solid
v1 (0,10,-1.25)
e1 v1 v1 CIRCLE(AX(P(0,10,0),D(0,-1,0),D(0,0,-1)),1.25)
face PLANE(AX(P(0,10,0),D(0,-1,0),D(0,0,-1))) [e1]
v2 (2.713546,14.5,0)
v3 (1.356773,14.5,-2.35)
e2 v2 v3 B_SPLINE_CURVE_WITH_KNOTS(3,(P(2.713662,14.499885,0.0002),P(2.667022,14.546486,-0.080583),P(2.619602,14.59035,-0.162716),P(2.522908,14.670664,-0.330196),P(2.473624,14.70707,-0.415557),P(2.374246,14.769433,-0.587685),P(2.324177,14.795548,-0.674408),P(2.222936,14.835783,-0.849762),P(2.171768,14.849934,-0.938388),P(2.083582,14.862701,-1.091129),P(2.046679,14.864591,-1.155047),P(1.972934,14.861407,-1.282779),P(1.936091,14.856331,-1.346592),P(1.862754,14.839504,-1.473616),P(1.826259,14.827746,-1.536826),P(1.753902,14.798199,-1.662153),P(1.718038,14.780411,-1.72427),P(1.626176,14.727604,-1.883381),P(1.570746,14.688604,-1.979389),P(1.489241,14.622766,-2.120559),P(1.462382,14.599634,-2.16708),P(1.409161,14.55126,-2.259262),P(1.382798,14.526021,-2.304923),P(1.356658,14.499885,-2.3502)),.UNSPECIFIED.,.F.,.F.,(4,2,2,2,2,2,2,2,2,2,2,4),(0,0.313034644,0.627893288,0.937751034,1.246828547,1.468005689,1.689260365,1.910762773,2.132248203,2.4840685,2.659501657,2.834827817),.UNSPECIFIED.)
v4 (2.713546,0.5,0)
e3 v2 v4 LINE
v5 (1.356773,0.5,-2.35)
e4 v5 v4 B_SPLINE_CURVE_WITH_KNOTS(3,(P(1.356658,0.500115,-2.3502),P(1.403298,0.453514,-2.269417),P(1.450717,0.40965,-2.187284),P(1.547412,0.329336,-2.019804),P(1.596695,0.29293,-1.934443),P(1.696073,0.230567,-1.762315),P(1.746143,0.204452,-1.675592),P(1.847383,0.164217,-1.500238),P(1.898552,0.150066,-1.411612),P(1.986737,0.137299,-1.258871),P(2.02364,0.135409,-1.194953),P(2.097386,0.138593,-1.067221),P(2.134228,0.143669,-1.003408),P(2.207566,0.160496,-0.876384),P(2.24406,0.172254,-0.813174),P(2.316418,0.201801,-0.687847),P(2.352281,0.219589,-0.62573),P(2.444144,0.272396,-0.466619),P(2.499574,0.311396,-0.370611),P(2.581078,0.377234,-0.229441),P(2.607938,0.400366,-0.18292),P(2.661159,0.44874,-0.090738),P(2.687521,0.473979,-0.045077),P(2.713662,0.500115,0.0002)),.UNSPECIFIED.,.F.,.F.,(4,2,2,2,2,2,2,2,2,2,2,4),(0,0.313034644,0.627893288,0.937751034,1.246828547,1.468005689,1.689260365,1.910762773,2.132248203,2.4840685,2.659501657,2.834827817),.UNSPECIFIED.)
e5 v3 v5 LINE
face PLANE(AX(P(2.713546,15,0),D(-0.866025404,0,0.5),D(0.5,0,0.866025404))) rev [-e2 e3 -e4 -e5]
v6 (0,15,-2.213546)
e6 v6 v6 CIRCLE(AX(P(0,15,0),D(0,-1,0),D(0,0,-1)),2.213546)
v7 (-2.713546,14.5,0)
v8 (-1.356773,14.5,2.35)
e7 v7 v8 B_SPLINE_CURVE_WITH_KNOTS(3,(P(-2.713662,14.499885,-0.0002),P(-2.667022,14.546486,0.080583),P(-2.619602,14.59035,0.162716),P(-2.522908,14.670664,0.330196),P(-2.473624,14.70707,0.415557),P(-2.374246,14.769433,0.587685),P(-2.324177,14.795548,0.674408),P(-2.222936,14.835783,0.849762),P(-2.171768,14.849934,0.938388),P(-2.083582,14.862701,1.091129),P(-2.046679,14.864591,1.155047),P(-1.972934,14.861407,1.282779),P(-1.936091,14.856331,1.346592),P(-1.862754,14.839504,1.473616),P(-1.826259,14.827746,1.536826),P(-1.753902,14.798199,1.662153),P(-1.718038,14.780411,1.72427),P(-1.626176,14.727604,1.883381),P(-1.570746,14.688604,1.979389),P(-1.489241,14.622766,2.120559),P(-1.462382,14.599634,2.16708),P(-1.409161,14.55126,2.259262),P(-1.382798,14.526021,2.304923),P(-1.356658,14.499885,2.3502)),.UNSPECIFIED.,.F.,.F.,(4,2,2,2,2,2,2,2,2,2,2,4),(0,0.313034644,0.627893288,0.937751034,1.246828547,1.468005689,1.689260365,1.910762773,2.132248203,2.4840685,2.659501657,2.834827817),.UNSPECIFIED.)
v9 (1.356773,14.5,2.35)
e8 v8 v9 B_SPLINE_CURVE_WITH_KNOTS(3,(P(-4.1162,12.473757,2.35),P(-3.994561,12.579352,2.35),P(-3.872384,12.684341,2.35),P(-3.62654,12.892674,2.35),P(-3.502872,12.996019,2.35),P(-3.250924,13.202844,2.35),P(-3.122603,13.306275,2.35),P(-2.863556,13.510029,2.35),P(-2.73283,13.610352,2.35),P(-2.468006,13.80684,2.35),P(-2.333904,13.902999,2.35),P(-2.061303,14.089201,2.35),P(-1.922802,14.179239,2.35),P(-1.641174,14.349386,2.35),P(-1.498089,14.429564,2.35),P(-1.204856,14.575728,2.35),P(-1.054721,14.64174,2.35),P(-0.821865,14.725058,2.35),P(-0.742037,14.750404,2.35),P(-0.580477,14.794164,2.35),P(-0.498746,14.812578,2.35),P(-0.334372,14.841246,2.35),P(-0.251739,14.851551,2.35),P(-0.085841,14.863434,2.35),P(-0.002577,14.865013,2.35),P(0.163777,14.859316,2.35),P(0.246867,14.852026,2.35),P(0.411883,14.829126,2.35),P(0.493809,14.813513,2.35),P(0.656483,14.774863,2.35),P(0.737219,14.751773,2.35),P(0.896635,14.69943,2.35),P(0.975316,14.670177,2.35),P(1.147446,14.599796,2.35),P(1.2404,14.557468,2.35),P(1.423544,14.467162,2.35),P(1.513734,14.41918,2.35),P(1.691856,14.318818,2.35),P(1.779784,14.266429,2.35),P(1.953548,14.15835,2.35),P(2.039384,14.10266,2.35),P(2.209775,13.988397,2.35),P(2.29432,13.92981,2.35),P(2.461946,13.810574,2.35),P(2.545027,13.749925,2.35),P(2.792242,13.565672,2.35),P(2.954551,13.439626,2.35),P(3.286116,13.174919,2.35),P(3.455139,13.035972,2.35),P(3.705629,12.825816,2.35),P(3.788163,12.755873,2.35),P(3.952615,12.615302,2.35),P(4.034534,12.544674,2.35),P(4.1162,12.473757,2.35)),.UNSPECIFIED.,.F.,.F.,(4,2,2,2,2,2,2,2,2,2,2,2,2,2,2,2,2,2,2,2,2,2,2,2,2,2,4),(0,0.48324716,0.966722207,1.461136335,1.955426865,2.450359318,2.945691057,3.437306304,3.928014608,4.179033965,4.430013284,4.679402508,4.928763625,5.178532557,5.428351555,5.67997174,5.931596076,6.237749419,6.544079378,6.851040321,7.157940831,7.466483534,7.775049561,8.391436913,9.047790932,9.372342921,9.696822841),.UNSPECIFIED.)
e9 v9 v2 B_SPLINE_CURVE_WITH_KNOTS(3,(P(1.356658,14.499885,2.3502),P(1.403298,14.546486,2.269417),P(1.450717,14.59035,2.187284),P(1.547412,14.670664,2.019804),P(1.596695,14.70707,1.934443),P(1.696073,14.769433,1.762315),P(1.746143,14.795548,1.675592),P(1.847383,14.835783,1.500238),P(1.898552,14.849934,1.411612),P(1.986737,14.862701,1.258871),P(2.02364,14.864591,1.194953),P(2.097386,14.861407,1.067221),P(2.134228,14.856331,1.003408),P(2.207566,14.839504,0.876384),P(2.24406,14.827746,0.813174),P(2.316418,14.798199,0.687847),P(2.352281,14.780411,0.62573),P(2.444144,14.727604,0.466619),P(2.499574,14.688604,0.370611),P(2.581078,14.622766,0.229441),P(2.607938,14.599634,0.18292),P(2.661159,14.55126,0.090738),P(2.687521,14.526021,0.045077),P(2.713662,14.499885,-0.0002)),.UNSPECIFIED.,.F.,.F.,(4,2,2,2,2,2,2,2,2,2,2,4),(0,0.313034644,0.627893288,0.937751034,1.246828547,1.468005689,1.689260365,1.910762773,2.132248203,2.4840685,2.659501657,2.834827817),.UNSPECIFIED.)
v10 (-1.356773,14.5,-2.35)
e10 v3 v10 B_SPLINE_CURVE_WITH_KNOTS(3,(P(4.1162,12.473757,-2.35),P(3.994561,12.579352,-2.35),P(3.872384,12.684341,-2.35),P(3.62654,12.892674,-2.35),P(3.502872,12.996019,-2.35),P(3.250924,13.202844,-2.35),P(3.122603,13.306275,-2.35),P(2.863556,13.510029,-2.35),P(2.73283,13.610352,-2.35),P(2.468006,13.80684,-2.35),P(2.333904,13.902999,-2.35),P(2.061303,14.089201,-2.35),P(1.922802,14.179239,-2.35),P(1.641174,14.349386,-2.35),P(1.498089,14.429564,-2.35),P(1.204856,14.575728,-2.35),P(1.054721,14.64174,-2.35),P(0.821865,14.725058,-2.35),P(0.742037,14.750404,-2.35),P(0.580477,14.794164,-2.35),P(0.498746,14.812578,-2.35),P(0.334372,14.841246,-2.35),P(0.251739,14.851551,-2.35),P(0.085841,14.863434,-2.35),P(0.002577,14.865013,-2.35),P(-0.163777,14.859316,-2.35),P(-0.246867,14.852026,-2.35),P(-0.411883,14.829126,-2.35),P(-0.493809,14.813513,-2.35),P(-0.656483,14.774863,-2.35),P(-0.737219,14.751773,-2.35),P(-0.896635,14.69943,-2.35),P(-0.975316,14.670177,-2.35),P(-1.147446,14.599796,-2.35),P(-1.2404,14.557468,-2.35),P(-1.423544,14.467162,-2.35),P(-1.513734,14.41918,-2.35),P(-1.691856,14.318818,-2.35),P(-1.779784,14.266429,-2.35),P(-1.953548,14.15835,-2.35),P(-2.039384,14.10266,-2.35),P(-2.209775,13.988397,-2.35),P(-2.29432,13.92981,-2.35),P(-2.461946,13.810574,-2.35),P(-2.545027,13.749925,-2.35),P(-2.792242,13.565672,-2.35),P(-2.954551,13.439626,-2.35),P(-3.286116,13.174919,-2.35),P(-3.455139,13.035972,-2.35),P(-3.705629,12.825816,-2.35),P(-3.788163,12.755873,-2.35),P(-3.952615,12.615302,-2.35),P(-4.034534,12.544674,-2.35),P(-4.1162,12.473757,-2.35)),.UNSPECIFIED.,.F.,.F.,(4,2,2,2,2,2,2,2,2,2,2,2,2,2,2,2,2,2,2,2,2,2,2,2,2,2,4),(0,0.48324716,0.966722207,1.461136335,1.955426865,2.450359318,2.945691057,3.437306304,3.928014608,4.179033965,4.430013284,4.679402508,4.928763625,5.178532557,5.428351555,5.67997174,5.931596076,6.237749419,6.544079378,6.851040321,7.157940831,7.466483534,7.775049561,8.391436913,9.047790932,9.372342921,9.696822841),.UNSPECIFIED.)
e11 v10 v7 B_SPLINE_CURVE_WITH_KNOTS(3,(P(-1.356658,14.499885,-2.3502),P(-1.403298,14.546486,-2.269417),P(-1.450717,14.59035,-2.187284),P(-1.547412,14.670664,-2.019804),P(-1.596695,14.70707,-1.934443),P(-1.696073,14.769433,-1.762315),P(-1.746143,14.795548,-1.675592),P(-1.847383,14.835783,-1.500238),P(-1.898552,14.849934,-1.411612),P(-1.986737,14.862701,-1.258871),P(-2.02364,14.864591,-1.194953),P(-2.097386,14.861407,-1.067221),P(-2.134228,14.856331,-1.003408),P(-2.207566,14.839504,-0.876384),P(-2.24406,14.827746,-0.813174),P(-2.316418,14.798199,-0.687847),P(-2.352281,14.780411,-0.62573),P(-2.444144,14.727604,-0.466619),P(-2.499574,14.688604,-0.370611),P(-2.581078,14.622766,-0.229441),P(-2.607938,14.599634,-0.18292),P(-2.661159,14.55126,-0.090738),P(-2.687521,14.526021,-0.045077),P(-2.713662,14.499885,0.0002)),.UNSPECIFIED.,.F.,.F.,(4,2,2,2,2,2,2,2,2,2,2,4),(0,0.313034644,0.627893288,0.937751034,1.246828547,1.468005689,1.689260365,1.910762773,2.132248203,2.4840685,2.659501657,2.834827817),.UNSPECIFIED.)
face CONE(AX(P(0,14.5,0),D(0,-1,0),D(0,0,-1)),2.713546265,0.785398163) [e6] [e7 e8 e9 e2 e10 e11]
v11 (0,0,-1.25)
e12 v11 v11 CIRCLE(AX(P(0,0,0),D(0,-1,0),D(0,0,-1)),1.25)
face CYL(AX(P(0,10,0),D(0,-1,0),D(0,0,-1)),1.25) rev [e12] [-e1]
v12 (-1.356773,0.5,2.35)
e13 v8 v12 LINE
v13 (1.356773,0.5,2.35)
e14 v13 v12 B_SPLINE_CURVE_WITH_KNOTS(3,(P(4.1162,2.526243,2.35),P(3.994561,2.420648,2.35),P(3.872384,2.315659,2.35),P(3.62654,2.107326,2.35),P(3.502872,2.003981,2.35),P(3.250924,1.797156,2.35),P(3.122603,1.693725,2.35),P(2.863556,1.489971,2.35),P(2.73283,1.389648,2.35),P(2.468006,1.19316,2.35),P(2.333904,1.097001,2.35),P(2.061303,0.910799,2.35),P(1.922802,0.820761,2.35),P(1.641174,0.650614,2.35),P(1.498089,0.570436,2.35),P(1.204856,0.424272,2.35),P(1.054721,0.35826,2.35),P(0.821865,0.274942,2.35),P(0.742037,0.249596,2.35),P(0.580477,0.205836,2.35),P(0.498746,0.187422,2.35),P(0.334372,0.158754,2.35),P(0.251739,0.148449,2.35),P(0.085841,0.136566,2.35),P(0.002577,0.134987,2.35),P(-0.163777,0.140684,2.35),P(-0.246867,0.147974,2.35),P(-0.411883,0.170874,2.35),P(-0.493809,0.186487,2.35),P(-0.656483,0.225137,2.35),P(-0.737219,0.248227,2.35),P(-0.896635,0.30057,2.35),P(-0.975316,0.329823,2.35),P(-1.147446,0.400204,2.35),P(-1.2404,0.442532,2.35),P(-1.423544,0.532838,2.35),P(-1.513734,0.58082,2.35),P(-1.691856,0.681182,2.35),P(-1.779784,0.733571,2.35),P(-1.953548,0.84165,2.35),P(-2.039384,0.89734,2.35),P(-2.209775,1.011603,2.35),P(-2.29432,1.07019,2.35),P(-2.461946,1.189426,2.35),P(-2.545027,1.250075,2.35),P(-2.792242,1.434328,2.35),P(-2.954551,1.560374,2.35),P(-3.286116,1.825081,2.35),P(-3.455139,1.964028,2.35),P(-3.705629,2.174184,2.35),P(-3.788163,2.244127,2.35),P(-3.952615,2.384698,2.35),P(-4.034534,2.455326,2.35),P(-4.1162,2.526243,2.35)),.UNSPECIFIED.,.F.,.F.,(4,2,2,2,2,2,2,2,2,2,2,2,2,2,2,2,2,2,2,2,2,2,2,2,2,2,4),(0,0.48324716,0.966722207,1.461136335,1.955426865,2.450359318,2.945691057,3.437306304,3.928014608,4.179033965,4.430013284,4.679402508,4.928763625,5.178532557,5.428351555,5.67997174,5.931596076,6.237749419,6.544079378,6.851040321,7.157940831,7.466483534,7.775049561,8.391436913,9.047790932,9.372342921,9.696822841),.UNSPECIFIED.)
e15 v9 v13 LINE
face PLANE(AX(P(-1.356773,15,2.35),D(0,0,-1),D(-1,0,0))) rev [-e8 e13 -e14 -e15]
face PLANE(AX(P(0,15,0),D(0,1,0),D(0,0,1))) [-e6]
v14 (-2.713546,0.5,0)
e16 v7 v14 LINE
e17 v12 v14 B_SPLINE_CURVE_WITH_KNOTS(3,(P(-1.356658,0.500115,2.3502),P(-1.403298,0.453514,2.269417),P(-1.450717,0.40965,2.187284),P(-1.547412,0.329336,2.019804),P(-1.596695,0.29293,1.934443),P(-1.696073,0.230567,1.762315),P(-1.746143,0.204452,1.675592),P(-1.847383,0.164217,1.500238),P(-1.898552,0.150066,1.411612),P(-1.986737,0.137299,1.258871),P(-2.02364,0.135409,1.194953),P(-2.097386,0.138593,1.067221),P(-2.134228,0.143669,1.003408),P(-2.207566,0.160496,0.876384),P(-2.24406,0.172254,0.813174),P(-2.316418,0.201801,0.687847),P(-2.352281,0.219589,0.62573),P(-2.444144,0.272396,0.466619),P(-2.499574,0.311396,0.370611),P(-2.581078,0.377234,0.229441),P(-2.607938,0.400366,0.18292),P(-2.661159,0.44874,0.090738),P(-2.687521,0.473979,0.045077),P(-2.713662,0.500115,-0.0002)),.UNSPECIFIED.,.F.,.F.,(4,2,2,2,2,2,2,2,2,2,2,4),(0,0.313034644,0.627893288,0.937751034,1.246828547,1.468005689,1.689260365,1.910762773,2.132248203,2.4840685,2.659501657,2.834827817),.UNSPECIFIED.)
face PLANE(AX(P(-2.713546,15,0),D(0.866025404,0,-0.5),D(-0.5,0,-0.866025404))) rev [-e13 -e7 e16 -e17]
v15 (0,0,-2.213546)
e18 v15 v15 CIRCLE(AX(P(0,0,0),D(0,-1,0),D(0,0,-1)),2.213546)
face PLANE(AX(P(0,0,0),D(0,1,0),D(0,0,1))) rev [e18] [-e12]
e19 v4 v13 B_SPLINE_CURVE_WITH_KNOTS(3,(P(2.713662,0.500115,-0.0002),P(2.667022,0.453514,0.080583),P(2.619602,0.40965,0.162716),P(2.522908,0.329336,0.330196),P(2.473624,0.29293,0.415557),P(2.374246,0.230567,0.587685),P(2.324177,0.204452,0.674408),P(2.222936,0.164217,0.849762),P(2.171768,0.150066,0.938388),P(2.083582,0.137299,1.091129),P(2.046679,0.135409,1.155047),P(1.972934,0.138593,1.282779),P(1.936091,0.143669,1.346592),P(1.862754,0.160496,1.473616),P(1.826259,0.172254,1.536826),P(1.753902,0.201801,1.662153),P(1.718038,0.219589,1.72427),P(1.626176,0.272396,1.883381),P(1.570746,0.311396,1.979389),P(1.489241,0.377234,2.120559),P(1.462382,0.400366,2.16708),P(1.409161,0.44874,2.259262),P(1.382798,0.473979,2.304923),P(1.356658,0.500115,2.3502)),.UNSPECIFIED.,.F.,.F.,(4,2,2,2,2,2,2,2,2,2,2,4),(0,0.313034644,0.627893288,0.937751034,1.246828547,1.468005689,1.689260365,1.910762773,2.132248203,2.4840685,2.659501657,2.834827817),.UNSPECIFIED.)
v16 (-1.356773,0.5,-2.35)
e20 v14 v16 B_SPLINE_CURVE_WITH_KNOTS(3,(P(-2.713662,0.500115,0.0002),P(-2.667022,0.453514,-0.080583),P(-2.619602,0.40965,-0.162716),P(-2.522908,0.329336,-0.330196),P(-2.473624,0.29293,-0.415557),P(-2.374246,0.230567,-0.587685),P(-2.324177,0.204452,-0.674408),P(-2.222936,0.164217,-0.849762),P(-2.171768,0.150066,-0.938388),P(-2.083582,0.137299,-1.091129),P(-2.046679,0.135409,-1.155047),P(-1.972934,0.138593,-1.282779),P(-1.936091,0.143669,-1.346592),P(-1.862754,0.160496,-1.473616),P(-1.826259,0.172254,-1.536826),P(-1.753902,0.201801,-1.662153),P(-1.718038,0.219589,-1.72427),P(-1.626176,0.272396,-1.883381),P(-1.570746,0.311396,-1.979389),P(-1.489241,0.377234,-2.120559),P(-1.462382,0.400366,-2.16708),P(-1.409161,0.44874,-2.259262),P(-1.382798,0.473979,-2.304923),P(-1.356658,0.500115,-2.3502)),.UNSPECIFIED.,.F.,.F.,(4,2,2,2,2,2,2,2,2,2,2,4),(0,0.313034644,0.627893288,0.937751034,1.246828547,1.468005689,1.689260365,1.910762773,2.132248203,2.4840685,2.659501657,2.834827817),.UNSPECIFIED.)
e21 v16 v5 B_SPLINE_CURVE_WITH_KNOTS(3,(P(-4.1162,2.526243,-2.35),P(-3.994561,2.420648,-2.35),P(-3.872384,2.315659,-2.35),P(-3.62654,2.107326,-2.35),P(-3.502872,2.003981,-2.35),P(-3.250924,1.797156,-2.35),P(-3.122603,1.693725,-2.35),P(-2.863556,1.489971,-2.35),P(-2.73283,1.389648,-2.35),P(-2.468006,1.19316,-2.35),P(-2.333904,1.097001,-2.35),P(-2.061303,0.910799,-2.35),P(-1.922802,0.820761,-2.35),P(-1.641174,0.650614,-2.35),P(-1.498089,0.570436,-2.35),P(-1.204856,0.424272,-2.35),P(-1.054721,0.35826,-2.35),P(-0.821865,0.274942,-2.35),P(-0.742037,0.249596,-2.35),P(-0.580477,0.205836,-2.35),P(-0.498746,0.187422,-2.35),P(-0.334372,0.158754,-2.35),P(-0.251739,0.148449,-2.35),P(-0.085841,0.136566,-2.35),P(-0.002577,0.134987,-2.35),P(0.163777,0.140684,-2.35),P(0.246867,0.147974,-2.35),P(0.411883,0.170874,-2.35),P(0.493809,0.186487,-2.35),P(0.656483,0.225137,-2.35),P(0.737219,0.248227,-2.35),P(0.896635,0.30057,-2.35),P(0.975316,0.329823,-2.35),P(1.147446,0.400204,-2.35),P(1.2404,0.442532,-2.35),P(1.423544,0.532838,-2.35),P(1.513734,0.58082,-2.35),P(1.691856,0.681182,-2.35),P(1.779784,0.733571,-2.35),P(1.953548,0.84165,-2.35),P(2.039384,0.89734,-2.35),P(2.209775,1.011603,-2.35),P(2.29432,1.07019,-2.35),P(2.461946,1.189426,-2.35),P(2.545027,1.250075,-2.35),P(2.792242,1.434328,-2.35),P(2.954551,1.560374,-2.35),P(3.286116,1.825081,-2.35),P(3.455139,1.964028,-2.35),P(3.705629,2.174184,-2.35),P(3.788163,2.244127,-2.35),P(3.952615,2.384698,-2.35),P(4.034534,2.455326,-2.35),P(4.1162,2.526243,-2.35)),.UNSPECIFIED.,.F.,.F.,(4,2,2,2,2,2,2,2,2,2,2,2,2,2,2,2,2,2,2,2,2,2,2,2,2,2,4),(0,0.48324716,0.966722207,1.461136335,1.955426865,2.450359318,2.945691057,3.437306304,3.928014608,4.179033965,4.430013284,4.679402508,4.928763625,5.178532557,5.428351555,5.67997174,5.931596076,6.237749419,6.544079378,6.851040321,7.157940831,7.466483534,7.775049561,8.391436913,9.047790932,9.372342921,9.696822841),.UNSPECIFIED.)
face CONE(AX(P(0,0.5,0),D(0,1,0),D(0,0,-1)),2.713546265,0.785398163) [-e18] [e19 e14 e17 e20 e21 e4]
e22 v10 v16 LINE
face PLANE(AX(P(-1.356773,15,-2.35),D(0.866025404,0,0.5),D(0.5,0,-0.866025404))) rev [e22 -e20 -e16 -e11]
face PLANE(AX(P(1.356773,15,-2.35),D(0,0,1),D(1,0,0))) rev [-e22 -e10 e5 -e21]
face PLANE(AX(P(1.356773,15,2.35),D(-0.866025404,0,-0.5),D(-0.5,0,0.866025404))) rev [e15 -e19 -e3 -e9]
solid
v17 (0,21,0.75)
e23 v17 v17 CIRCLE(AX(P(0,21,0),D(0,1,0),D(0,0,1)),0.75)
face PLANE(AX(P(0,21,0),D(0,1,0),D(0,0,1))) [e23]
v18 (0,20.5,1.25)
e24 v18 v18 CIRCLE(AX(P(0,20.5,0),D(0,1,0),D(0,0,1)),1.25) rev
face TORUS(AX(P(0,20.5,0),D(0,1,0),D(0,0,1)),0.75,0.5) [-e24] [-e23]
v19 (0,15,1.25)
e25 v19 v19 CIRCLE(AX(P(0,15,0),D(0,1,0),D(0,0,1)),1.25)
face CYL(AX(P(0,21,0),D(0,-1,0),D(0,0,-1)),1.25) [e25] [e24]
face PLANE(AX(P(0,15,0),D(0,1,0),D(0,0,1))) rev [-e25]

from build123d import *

# Parameters (mm, degrees)
EXTRUDE_1_DEPTH     = 15
SKETCH_2_R          = 1.25
CUT_EXTRUDE_1_DEPTH = 10
SKETCH_4_R          = 1.25
EXTRUDE_2_DEPTH     = 6
FILLET_1_R          = 0.5


with BuildPart() as part:
    # 草图1 → 凸台-拉伸1 (new body)
    with BuildSketch(Plane(origin=(0, 0, 0), x_dir=(1, 0, 0), z_dir=(0, 1, 0))):
        Polygon((2.713546265, 0), (1.356773133, 2.35), (-1.356773133, 2.35), (-2.713546265, 0), (-1.356773133, -2.35), (1.356773133, -2.35), align=None)
    extrude(amount=EXTRUDE_1_DEPTH)

    # 草图2 → 切除-拉伸1 (cut)
    with BuildSketch(Plane.XZ):
        with Locations(Location((0, 0, 0), (0, 0, 270))):
            Circle(SKETCH_2_R)
    extrude(amount=-CUT_EXTRUDE_1_DEPTH, mode=Mode.SUBTRACT)

    # 草图7 → 切除-旋转4 (revolve, cut)
    with BuildSketch(Plane.XY, mode=Mode.PRIVATE) as cut_revolve_4_sk:
        Polygon((-2.713546265, 15), (-2.713546265, 14.5), (-2.213546265, 15), align=None)
    cut_revolve_4 = revolve(cut_revolve_4_sk.sketch.rotate(Axis((0, 0, 0), (0, 1, 0)), 270), axis=Axis((0, 0, 0), (0, 1, 0)), mode=Mode.SUBTRACT)

    # 镜向1: 切除-旋转4 across plane
    add(cut_revolve_4.mirror(Plane(origin=(0, 7.5, 0), x_dir=(0, 0, 1), z_dir=(0, -1, 0))), mode=Mode.SUBTRACT)


with BuildPart() as body_2:
    # 草图4 → 凸台-拉伸2 (new body)
    with BuildSketch(Plane(origin=(0, 15, 0), x_dir=(1, 0, 0), z_dir=(0, 1, 0))):
        with Locations(Location((0, 0, 0), (0, 0, 270))):
            Circle(SKETCH_4_R)
    extrude(amount=EXTRUDE_2_DEPTH)

    # 圆角1
    fillet_1_edges = [body_2.edges().sort_by_distance(p)[0] for p in [
        (0, 21, -1.25),
    ]]
    fillet(fillet_1_edges, radius=FILLET_1_R)


solid = Compound([part.part, body_2.part])
